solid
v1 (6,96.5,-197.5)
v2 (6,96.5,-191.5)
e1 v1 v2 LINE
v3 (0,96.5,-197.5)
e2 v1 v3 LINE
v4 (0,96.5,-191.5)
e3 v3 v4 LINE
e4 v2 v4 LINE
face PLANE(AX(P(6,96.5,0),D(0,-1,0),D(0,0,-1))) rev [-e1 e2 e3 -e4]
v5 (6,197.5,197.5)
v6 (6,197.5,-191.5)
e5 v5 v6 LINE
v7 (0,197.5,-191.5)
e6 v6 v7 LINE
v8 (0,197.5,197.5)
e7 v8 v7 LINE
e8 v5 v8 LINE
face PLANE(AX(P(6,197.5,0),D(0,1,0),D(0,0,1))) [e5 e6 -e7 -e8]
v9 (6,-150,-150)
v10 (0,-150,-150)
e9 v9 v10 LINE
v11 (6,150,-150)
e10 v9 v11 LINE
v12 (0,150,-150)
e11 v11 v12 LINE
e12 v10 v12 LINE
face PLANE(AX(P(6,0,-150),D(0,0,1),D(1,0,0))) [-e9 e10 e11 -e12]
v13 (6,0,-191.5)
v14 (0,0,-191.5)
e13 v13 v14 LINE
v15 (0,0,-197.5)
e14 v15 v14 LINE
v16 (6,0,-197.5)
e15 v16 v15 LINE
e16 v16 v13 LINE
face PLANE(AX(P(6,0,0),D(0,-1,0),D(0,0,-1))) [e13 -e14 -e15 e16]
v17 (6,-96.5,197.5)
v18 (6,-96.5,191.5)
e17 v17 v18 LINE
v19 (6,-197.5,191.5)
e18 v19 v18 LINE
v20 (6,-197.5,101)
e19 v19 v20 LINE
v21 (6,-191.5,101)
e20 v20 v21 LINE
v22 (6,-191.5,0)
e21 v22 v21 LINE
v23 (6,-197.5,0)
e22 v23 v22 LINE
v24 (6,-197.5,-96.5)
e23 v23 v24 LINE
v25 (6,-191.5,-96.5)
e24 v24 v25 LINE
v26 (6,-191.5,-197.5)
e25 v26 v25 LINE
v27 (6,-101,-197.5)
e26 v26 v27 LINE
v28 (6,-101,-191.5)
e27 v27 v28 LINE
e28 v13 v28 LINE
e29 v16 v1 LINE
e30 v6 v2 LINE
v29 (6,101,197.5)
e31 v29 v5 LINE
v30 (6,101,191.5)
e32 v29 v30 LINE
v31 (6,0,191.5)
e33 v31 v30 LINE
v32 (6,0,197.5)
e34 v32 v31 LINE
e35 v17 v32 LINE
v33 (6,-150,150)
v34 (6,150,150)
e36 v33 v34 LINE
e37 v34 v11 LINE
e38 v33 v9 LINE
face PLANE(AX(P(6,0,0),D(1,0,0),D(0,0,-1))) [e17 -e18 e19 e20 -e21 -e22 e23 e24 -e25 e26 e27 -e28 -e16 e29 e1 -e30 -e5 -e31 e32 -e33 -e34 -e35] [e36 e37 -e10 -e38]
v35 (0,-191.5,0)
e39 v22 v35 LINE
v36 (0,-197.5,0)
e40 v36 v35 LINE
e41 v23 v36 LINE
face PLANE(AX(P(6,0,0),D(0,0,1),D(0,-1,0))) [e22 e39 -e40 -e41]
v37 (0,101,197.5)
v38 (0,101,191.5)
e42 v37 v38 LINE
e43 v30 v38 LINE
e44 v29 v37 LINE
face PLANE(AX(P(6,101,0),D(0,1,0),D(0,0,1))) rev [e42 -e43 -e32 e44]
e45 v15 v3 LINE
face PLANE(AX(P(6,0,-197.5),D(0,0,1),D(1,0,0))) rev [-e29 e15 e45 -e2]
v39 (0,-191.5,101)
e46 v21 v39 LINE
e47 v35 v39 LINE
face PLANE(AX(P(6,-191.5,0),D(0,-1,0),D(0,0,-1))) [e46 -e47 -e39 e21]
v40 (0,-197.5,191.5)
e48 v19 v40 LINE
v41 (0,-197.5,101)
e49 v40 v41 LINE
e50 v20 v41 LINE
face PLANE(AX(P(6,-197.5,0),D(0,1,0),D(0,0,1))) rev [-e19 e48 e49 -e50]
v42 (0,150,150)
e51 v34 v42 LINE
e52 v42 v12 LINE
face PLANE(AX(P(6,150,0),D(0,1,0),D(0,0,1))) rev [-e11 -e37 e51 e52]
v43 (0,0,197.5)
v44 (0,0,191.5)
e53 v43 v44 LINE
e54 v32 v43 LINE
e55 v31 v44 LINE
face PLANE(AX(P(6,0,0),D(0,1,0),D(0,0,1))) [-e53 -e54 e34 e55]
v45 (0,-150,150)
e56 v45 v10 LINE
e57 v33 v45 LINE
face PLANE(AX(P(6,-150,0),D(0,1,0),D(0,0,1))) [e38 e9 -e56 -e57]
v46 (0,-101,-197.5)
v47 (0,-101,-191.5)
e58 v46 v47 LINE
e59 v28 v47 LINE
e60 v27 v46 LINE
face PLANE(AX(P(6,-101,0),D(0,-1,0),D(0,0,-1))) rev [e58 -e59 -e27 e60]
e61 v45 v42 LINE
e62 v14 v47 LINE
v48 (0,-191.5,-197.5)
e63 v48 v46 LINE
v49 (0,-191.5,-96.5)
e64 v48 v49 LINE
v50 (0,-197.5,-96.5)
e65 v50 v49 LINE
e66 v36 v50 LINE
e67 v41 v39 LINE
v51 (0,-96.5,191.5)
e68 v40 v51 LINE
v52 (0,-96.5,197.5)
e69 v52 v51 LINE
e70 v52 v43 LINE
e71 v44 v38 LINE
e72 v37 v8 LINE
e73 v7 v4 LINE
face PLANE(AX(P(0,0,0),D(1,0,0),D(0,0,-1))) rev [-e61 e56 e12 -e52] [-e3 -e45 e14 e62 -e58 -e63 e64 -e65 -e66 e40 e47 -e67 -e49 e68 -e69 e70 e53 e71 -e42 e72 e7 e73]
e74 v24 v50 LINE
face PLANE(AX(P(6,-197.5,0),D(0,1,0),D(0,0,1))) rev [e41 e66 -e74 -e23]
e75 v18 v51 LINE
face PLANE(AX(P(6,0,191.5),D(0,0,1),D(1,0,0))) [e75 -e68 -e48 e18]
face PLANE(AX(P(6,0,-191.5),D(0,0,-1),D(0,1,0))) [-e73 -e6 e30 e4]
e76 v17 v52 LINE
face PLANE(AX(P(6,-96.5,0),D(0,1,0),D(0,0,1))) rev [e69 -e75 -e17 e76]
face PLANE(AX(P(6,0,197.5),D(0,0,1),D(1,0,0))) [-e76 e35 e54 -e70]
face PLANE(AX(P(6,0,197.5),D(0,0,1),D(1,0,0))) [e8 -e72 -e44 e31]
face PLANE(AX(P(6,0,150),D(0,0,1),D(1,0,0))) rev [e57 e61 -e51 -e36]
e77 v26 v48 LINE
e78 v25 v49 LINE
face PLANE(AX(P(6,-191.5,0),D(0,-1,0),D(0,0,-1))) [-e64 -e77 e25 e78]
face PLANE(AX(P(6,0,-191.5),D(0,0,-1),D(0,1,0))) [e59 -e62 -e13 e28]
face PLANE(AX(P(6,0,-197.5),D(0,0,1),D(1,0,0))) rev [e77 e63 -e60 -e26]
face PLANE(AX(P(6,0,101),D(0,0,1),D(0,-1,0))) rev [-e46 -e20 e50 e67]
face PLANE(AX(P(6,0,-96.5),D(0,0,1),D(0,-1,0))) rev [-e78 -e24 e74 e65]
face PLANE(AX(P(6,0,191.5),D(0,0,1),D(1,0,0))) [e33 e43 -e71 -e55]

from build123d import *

# Parameters (mm, degrees)
SKETCH2_W           = 300
SKETCH2_H           = 300
BOSS_EXTRUDE2_DEPTH = 6


with BuildPart() as part:
    # Sketch2 → Boss-Extrude2 (new body)
    with BuildSketch(Plane(origin=(0, 0, 0), x_dir=(0, 0, -1), z_dir=(1, 0, 0))):
        Polygon((-191.5, -96.5), (-191.5, -197.5), (-101, -197.5), (-101, -191.5), (0, -191.5), (0, -197.5), (96.5, -197.5), (96.5, -191.5), (197.5, -191.5), (197.5, -101), (191.5, -101), (191.5, 0), (197.5, 0), (197.5, 96.5), (191.5, 96.5), (191.5, 197.5), (-197.5, 197.5), (-197.5, 101), (-191.5, 101), (-191.5, 0), (-197.5, 0), (-197.5, -96.5), align=None)
        Rectangle(SKETCH2_W, SKETCH2_H, mode=Mode.SUBTRACT)
    extrude(amount=BOSS_EXTRUDE2_DEPTH)


solid = part.part
